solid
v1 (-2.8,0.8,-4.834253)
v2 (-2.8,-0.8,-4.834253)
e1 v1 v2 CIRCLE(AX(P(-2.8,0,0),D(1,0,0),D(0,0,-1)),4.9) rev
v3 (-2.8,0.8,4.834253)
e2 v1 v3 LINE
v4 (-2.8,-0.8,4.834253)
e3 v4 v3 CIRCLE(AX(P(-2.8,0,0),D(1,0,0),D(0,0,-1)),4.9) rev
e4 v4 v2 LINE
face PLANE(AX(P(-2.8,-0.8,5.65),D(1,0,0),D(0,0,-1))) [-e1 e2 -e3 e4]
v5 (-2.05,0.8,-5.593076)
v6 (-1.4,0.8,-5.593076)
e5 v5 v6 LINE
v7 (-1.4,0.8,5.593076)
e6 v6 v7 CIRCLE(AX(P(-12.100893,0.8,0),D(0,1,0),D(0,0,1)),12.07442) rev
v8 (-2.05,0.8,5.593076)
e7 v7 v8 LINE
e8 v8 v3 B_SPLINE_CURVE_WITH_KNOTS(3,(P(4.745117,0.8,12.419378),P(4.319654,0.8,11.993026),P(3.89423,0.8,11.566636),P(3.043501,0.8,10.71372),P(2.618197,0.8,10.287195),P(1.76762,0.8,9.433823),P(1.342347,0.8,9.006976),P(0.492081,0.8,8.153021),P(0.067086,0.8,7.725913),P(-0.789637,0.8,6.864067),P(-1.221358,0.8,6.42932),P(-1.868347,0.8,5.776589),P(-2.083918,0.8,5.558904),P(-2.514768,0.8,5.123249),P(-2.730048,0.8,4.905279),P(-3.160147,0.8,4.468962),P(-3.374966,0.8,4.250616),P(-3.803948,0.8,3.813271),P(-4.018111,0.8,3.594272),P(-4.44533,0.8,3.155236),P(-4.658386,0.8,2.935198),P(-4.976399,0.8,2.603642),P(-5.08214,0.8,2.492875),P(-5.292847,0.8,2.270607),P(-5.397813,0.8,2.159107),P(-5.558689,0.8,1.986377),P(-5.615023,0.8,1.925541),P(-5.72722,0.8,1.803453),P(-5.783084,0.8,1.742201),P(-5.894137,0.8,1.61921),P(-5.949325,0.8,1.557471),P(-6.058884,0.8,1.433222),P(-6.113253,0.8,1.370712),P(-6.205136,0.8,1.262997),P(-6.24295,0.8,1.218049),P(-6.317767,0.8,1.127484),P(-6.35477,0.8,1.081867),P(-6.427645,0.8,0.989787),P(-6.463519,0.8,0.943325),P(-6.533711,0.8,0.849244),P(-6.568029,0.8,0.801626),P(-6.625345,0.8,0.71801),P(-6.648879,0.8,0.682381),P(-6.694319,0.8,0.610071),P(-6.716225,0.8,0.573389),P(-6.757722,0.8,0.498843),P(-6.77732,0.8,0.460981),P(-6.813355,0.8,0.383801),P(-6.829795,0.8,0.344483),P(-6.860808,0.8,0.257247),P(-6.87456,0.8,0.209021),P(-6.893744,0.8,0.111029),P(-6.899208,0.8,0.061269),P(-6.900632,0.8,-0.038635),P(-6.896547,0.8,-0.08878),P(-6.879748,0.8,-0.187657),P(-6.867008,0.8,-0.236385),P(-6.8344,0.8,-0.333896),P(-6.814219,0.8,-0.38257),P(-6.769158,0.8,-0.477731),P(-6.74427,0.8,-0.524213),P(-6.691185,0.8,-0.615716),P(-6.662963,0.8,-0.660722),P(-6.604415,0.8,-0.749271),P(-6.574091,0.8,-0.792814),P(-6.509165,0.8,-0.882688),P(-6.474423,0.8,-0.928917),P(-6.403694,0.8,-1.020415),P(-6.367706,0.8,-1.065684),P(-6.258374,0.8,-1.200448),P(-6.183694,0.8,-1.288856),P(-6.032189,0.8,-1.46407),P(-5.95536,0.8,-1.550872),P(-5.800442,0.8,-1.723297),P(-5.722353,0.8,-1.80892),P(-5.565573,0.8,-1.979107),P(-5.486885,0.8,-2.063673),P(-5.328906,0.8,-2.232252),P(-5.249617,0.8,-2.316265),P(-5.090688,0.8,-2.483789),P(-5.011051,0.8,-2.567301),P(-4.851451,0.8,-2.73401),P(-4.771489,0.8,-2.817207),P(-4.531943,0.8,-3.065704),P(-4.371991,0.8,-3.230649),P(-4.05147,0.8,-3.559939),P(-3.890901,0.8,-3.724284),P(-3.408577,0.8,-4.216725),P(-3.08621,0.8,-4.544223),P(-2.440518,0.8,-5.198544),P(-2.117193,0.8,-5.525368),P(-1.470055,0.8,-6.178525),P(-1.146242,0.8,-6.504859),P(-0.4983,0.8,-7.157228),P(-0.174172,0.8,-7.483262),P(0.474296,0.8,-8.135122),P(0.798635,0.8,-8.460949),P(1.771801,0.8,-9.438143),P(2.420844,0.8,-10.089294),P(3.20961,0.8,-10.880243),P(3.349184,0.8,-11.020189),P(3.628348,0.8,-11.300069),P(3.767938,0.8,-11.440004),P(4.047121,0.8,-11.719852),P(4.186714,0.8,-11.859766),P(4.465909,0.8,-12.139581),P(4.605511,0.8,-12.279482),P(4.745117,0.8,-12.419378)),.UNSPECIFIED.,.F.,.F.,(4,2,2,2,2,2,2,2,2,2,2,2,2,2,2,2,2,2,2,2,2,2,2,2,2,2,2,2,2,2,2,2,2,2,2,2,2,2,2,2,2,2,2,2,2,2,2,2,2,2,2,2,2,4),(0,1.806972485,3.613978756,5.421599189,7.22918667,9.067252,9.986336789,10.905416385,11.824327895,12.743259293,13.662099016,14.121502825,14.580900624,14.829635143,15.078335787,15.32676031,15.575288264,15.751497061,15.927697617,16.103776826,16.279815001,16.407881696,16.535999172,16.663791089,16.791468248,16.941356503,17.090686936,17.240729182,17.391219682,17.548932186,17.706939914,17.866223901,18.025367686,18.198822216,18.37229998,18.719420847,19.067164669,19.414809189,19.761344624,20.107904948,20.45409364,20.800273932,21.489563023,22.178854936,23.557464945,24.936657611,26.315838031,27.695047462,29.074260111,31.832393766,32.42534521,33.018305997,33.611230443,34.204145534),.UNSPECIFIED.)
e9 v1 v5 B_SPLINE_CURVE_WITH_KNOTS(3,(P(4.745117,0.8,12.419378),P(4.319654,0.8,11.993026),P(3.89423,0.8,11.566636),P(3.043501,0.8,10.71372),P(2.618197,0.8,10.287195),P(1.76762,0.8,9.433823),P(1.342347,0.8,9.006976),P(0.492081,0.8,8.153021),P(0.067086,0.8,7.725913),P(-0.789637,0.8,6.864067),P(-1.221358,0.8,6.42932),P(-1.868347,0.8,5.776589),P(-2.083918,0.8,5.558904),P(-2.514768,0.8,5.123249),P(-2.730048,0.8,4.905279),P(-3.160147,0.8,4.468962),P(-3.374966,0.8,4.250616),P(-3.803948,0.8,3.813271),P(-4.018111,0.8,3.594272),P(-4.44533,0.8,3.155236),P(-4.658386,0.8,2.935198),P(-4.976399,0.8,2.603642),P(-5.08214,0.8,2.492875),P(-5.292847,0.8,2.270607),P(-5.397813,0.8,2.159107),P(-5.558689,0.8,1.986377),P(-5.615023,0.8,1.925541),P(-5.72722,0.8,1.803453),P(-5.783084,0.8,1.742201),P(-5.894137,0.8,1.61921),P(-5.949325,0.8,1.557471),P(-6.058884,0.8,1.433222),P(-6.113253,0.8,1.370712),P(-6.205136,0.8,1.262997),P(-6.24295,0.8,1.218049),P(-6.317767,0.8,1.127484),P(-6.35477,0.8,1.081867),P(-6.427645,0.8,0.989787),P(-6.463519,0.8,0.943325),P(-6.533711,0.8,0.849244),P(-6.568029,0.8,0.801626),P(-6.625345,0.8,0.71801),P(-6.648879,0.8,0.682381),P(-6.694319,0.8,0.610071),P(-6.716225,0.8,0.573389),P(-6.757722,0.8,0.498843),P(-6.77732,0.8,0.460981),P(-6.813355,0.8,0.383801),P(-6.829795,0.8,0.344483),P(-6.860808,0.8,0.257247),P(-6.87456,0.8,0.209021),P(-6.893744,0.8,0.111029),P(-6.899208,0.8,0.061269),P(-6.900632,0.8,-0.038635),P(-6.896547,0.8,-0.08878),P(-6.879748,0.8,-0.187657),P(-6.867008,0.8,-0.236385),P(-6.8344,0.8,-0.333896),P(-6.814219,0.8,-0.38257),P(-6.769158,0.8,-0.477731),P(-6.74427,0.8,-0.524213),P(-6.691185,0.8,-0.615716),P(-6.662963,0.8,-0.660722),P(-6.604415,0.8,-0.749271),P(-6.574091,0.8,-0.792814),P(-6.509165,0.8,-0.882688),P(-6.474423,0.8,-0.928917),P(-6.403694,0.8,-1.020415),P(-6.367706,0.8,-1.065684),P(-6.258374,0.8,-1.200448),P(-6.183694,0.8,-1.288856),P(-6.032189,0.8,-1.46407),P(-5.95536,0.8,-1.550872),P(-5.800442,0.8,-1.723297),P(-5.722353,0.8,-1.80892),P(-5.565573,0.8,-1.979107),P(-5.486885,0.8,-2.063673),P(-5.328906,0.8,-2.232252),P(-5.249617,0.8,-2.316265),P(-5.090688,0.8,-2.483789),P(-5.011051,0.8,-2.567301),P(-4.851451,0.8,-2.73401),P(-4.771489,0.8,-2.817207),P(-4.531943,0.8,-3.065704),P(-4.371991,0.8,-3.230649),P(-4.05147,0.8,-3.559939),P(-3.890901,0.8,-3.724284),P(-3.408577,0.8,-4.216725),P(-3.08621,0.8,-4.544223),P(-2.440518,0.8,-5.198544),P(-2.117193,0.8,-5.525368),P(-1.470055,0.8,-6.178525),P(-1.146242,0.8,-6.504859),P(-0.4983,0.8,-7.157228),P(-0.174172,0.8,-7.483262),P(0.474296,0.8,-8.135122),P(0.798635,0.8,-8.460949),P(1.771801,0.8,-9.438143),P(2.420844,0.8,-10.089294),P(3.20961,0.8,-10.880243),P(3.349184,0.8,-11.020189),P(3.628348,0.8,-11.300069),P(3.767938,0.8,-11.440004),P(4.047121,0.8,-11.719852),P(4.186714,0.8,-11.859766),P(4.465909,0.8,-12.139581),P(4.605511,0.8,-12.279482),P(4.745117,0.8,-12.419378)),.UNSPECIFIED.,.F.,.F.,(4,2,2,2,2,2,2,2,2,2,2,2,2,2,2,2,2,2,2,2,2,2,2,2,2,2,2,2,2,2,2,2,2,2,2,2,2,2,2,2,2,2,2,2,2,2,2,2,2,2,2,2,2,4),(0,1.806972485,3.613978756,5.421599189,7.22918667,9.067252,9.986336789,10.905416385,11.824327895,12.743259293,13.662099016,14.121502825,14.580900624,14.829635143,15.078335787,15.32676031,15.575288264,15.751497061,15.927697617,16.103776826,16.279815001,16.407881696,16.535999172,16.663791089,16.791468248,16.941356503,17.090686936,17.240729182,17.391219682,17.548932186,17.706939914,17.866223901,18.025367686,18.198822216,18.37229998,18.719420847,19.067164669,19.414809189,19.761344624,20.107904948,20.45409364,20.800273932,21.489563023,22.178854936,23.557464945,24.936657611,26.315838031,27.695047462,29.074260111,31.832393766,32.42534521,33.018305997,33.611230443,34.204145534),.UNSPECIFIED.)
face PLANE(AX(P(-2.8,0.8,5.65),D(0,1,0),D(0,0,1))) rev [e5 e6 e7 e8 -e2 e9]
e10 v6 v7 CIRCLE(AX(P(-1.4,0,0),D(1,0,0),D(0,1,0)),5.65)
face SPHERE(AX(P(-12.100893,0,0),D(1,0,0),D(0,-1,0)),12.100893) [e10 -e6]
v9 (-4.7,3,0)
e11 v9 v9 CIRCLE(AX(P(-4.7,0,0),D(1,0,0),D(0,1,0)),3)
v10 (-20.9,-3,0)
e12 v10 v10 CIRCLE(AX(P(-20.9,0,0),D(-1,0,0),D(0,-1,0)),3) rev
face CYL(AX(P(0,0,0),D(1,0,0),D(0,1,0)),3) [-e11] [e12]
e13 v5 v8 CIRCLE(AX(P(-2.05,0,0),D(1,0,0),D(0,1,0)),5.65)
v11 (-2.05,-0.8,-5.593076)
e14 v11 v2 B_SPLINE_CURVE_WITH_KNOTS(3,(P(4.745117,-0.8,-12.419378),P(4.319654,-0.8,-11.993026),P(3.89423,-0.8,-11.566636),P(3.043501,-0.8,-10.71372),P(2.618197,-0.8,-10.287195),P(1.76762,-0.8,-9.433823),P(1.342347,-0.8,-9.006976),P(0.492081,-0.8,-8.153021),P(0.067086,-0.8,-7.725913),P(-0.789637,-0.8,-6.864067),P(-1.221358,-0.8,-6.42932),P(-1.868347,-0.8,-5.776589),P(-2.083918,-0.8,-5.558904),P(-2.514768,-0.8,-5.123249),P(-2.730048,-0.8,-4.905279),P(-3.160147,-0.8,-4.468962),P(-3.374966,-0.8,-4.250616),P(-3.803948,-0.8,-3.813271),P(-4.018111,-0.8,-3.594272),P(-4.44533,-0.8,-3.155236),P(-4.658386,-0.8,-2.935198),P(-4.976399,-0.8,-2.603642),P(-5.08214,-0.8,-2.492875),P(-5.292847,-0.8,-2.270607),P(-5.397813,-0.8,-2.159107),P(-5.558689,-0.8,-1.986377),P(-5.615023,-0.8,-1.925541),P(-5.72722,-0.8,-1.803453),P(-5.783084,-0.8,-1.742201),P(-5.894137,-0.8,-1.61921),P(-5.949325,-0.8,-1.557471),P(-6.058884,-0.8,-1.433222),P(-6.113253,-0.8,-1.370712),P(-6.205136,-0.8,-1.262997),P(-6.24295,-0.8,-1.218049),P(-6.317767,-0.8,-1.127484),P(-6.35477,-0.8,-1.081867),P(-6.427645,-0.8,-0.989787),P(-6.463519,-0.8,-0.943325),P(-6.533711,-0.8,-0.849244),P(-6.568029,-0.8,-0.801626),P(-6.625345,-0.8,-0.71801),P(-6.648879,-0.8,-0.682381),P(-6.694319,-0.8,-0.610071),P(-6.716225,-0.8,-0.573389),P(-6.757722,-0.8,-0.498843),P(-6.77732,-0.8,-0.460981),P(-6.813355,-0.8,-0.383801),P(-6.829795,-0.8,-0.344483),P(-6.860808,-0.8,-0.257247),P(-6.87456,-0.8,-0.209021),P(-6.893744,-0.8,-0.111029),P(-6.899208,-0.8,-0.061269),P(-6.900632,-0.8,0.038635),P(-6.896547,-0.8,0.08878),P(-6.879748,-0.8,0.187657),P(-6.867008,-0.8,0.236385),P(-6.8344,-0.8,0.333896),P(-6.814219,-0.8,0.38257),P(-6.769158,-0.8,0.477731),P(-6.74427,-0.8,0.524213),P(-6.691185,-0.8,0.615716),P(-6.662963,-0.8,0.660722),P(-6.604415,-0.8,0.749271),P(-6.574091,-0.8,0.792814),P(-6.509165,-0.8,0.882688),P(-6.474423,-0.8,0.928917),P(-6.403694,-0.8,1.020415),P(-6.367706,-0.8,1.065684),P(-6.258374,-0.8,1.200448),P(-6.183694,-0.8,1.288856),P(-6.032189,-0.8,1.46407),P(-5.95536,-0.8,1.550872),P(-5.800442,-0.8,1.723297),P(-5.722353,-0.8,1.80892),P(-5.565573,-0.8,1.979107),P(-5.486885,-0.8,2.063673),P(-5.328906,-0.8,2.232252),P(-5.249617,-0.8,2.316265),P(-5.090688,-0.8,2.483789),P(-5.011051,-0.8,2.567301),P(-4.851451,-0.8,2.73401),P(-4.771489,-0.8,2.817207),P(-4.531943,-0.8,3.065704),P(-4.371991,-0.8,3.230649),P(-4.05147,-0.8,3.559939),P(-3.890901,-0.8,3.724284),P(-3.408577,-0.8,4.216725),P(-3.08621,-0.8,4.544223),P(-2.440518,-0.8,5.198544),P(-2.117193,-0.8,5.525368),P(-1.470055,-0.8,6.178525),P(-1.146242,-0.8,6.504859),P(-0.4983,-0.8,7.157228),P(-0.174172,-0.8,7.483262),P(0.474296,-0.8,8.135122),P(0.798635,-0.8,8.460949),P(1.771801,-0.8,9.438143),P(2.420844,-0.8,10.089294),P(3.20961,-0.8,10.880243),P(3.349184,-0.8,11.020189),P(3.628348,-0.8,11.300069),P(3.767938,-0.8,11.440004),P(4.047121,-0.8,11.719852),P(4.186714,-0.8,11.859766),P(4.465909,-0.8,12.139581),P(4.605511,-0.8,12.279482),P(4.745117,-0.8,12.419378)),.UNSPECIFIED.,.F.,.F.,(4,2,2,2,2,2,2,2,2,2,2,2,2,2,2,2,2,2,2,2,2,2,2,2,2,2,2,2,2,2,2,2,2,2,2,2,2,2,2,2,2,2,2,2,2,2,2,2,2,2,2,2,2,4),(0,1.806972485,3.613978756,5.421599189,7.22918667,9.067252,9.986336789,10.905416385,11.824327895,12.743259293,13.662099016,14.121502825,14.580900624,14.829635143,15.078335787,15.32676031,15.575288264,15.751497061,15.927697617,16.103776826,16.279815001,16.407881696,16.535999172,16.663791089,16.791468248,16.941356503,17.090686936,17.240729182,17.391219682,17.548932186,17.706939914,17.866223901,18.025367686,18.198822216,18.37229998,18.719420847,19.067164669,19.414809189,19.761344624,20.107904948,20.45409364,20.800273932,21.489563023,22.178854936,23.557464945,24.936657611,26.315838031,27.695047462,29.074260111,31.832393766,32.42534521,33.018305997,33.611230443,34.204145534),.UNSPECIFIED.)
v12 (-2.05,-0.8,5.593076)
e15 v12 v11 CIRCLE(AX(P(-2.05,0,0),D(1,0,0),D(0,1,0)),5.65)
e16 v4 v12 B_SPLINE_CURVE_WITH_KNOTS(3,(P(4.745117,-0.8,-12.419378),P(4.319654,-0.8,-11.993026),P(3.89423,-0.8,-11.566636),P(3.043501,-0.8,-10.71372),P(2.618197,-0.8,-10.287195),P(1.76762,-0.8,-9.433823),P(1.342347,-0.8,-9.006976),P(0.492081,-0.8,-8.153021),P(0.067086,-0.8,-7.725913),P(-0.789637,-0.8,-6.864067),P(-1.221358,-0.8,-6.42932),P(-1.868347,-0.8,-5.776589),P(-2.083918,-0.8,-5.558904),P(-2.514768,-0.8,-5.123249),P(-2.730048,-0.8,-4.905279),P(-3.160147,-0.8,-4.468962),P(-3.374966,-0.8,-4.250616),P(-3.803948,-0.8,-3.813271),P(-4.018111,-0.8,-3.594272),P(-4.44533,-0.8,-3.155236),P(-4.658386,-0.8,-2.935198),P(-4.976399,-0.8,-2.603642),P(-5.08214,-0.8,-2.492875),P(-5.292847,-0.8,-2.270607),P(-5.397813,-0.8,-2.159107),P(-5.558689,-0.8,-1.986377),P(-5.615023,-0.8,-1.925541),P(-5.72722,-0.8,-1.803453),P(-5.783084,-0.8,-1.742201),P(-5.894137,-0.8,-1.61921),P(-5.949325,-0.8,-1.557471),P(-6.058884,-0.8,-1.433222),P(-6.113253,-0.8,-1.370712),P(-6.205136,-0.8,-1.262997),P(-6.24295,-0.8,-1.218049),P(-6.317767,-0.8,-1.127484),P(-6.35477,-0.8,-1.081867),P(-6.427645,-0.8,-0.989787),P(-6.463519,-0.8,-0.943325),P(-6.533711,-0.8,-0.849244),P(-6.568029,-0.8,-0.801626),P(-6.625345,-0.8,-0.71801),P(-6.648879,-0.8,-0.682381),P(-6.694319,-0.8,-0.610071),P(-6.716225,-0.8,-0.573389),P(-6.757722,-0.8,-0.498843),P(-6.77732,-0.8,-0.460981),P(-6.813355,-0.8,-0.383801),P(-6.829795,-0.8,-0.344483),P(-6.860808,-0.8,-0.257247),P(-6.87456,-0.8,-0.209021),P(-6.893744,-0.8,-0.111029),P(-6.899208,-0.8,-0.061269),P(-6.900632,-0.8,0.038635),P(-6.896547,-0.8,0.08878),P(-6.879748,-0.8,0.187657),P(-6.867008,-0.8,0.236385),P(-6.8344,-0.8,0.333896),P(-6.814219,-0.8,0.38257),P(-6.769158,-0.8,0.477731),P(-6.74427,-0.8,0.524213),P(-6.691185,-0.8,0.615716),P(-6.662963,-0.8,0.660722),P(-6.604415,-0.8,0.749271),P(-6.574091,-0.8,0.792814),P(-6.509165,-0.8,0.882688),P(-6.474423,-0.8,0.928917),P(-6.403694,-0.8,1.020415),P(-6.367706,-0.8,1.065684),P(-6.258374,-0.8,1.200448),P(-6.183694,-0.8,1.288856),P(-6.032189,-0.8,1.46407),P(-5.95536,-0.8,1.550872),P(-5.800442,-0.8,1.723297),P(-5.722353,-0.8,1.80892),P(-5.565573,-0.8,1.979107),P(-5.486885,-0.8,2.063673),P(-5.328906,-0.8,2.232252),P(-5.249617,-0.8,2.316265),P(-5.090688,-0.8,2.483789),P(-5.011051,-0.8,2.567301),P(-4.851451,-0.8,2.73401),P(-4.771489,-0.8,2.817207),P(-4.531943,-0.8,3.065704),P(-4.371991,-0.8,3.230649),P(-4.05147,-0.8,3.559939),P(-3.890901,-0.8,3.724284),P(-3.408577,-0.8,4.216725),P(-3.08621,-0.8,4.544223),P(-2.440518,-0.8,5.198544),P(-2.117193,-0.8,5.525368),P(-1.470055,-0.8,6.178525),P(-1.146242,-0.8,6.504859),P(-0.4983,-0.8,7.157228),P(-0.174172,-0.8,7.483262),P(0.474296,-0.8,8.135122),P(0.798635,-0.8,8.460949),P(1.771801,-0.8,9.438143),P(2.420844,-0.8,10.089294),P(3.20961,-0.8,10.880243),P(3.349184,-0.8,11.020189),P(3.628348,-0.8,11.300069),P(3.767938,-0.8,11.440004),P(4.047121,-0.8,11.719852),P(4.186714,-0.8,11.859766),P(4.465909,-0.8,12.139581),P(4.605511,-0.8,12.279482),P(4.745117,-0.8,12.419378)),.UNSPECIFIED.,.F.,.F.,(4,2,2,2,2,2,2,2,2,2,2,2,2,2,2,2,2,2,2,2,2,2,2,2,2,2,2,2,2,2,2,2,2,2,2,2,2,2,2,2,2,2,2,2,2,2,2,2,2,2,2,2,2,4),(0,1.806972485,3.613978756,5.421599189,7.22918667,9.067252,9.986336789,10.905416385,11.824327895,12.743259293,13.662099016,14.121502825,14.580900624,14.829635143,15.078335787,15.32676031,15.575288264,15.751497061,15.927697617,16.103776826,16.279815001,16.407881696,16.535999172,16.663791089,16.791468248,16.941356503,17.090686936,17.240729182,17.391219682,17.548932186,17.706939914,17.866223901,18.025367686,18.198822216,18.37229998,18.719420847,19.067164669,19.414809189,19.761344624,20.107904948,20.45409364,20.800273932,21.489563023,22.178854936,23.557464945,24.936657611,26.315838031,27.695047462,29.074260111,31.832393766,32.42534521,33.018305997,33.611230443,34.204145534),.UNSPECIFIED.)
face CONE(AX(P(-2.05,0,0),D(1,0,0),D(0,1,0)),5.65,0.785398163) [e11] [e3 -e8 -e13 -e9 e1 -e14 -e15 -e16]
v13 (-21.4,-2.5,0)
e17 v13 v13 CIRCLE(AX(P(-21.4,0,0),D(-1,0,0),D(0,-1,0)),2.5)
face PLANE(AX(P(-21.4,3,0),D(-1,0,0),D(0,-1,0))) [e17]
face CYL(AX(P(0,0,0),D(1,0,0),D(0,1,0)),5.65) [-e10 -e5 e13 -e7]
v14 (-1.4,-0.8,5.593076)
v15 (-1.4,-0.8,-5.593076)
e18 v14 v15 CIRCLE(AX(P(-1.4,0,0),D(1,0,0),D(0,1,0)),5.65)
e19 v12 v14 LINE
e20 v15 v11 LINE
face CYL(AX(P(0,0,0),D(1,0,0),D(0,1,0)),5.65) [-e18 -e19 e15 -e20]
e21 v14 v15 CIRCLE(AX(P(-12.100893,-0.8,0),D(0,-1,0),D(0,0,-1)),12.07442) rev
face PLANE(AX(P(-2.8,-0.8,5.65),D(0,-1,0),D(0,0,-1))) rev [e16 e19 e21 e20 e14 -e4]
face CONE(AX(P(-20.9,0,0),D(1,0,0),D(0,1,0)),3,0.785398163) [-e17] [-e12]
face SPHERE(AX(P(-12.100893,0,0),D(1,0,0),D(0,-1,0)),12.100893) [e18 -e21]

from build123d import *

# Parameters (mm, degrees)
SKETCH2_W          = 11.3
SKETCH2_H          = 1.6
CUT_EXTRUDE1_DEPTH = 2.8
CHAMFER1_SIZE      = 0.5


with BuildPart() as part:
    # Sketch1 → Revolve1 (revolve)
    with BuildSketch(Plane.XY):
        with BuildLine():
            Line((-1.4, 5.65), (-2.05, 5.65))
            Line((-2.05, 5.65), (-4.7, 3))
            Line((-4.7, 3), (-21.4, 3))
            Line((-21.4, 3), (-21.4, 0))
            Line((-21.4, 0), (0, 0))
            ThreePointArc((0, 0), (-0.355213526, 2.910433816), (-1.4, 5.65))
        make_face()
    revolve(axis=Axis((0, 0, 0), (-1, 0, 0)))

    # Sketch2 → Cut-Extrude1 (cut)
    with BuildSketch(Plane(origin=(0, 0, 0), x_dir=(0, 0, -1), z_dir=(1, 0, 0))):
        Rectangle(SKETCH2_W, SKETCH2_H)
    extrude(amount=-CUT_EXTRUDE1_DEPTH, mode=Mode.SUBTRACT)

    # Chamfer1
    chamfer1_edges = [part.edges().sort_by_distance(p)[0] for p in [
        (-21.4, -3, 0),
    ]]
    chamfer(chamfer1_edges, length=CHAMFER1_SIZE)


solid = part.part
